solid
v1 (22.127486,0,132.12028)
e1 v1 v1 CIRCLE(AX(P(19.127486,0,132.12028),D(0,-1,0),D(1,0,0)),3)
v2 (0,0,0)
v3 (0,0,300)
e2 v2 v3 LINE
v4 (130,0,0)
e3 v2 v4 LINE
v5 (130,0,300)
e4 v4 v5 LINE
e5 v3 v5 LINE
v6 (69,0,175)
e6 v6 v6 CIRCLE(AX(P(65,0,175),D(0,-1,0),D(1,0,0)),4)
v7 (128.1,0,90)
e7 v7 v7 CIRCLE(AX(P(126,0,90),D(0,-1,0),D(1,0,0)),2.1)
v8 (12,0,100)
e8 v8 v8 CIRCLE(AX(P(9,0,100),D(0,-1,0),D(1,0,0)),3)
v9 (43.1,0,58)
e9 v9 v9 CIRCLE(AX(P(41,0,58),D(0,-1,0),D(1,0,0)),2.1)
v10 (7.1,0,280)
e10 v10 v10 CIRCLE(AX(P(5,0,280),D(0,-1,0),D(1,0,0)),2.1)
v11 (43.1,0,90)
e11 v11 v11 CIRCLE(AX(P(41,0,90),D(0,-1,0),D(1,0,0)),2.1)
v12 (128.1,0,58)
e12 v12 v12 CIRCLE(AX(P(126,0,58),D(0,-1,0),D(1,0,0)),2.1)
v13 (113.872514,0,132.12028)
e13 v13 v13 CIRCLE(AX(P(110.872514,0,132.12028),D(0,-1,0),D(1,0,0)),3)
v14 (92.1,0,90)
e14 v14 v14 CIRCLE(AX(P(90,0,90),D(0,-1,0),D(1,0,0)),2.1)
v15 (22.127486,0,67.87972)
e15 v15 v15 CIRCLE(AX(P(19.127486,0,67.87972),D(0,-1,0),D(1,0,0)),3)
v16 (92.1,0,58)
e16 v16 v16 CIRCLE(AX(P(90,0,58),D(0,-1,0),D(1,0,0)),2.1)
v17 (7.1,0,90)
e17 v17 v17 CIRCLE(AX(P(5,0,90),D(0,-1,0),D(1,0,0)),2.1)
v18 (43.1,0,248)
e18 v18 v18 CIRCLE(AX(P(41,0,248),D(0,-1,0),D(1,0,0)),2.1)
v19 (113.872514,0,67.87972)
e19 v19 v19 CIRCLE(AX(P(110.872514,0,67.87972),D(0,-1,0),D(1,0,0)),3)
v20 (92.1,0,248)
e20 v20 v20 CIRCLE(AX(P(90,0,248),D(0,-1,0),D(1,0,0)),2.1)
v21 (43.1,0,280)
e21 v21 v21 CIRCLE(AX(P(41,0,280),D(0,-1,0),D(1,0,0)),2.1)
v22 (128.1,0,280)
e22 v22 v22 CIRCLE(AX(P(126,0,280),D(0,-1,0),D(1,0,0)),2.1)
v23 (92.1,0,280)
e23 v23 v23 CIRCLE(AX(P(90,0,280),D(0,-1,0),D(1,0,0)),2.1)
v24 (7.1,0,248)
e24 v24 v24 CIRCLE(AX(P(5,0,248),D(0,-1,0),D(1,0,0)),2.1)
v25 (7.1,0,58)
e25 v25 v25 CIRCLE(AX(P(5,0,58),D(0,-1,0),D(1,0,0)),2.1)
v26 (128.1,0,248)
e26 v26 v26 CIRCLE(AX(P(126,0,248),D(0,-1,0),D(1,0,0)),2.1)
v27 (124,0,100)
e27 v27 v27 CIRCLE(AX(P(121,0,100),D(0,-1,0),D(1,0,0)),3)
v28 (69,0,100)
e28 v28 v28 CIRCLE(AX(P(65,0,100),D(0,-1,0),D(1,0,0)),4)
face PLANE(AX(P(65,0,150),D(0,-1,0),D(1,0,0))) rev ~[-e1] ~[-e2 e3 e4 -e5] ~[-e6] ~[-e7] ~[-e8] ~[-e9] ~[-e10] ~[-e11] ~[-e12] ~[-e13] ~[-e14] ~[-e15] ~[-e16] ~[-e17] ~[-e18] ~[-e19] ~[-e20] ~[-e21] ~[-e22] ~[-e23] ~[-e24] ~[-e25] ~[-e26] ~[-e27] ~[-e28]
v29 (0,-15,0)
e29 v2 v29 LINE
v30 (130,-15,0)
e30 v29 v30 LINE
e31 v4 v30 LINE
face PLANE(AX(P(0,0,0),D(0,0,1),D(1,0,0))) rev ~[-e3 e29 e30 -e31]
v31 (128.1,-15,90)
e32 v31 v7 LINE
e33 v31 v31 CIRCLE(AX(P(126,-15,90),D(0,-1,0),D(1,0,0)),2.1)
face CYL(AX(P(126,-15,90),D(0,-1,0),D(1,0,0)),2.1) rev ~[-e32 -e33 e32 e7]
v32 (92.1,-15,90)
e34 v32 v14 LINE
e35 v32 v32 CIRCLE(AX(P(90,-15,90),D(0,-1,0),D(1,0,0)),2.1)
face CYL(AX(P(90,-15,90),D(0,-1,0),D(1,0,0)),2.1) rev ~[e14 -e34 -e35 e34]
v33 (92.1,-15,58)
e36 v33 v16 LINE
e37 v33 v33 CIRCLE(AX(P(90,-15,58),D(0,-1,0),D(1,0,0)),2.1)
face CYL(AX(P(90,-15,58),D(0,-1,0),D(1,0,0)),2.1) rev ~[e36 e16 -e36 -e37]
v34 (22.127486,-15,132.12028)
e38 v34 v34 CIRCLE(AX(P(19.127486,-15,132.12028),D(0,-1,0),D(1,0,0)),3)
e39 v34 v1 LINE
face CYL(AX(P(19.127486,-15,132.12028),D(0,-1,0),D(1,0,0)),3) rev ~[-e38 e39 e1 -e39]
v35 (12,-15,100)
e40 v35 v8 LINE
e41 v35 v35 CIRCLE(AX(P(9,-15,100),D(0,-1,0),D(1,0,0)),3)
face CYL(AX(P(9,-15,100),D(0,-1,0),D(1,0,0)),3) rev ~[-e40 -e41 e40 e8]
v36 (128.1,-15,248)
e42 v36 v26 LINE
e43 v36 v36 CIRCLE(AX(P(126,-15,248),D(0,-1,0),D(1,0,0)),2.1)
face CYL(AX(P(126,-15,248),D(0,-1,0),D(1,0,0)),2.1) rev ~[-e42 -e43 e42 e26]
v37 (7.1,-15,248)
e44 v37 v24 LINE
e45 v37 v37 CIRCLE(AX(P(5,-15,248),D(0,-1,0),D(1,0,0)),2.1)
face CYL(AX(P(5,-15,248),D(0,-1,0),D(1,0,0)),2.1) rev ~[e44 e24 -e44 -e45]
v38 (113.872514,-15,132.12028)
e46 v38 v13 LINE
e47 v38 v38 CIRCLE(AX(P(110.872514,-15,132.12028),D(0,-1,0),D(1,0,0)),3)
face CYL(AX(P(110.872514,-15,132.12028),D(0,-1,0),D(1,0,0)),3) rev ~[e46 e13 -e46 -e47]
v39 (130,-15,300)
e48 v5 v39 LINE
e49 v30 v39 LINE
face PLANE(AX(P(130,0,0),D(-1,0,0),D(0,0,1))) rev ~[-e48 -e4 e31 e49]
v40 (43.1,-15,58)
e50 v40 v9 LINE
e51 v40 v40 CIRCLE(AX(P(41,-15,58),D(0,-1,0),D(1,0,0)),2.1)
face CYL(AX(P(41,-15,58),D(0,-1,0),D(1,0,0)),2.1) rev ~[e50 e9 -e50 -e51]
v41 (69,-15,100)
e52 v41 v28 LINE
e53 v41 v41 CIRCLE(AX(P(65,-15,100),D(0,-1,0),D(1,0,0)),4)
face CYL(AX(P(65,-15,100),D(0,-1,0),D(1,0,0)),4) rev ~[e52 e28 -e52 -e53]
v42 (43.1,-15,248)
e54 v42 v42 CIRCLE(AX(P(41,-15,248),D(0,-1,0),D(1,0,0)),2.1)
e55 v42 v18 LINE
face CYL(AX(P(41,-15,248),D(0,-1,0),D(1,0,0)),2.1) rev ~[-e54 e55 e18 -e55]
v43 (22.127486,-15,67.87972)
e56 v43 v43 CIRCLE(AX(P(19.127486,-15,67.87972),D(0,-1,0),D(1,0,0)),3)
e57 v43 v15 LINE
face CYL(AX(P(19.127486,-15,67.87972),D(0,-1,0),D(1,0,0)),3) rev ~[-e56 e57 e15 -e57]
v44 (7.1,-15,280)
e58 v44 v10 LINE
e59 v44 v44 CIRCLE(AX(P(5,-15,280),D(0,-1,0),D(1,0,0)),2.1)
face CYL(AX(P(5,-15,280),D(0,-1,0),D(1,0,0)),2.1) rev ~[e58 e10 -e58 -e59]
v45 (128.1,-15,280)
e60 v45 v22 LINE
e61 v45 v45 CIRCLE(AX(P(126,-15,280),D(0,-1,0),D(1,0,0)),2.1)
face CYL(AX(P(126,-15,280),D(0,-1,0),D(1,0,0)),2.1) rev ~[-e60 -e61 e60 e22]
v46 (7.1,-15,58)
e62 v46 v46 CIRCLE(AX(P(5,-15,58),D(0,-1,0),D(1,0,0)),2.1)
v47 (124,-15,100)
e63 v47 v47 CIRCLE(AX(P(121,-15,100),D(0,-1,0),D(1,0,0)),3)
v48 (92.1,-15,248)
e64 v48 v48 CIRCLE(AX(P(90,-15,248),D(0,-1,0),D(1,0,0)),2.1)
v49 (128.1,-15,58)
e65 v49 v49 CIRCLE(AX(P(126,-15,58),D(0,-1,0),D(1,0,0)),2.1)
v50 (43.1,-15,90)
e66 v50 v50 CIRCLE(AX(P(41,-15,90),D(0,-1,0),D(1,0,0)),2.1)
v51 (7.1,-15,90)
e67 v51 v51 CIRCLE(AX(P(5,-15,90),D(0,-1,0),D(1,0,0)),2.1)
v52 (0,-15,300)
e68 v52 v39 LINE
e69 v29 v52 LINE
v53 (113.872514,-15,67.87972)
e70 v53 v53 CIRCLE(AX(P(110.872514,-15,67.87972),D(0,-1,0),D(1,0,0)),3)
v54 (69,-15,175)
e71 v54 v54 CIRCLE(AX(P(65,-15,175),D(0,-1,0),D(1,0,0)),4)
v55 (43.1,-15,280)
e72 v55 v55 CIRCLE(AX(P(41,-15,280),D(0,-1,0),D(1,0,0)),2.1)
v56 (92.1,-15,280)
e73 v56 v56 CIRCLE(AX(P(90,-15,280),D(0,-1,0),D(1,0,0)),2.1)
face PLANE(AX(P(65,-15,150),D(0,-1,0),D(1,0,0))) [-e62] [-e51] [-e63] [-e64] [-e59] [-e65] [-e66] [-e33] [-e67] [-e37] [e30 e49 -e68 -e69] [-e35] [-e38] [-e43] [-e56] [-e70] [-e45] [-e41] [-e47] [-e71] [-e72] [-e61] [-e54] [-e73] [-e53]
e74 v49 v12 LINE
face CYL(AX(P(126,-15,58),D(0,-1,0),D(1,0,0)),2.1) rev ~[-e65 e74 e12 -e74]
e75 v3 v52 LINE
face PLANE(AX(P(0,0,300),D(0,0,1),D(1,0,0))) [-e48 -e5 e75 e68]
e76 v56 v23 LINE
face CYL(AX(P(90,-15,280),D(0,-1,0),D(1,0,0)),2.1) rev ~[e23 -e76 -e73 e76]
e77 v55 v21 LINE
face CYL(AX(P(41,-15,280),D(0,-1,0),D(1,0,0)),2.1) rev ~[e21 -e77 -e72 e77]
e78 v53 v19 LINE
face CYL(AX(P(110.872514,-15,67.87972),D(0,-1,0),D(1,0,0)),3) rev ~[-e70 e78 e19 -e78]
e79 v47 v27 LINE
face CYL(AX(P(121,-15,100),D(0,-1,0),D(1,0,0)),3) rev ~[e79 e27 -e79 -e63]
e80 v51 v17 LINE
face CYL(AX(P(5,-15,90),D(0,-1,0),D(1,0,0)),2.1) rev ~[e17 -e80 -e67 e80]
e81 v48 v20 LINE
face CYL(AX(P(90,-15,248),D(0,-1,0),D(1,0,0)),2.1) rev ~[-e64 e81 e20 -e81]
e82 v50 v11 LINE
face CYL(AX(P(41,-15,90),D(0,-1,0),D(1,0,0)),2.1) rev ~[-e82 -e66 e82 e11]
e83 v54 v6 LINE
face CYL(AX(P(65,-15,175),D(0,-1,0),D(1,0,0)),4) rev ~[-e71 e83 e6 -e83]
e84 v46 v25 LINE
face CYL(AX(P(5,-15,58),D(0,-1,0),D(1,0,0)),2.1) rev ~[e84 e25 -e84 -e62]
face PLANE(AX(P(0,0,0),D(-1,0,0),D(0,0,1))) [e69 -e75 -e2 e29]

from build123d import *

# Parameters (mm, degrees)
SKETCH_W        = 130
SKETCH_H        = 300
PAD_DEPTH       = 15
SKETCH001_R     = 2.1
POCKET_DEPTH    = 15.001
SKETCH002_R     = 3
SKETCH002_R_2   = 4
POCKET001_DEPTH = 15.001


with BuildPart() as part:
    # Sketch → Pad (new body)
    with BuildSketch(Plane.XZ):
        with Locations((65, 150)):
            Rectangle(SKETCH_W, SKETCH_H)
    extrude(amount=PAD_DEPTH)

    # Sketch001 (on Face6 of Pad) → Pocket (cut, through all)
    with BuildSketch(Plane.XZ.offset(15)):
        with Locations((5, 280)):
            Circle(SKETCH001_R)
        with Locations((41, 280)):
            Circle(SKETCH001_R)
        with Locations((5, 248)):
            Circle(SKETCH001_R)
        with Locations((41, 248)):
            Circle(SKETCH001_R)
        with Locations((90, 280)):
            Circle(SKETCH001_R)
        with Locations((126, 280)):
            Circle(SKETCH001_R)
        with Locations((90, 248)):
            Circle(SKETCH001_R)
        with Locations((126, 248)):
            Circle(SKETCH001_R)
        with Locations((5, 90)):
            Circle(SKETCH001_R)
        with Locations((41, 90)):
            Circle(SKETCH001_R)
        with Locations((5, 58)):
            Circle(SKETCH001_R)
        with Locations((41, 58)):
            Circle(SKETCH001_R)
        with Locations((90, 90)):
            Circle(SKETCH001_R)
        with Locations((126, 90)):
            Circle(SKETCH001_R)
        with Locations((90, 58)):
            Circle(SKETCH001_R)
        with Locations((126, 58)):
            Circle(SKETCH001_R)
    extrude(amount=-POCKET_DEPTH, mode=Mode.SUBTRACT)

    # Sketch002 (on Face5 of Pocket) → Pocket001 (cut, through all)
    with BuildSketch(Plane.XZ.offset(15)):
        with Locations((9, 100)):
            Circle(SKETCH002_R)
        with Locations((121, 100)):
            Circle(SKETCH002_R)
        with Locations((65, 175)):
            Circle(SKETCH002_R_2)
        with Locations((65, 100)):
            Circle(SKETCH002_R_2)
        with Locations((19.127486, 132.12028)):
            Circle(SKETCH002_R)
        with Locations((110.872514, 67.87972)):
            Circle(SKETCH002_R)
        with Locations((19.127486, 67.87972)):
            Circle(SKETCH002_R)
        with Locations((110.872514, 132.12028)):
            Circle(SKETCH002_R)
    extrude(amount=-POCKET001_DEPTH, mode=Mode.SUBTRACT)


solid = part.part
